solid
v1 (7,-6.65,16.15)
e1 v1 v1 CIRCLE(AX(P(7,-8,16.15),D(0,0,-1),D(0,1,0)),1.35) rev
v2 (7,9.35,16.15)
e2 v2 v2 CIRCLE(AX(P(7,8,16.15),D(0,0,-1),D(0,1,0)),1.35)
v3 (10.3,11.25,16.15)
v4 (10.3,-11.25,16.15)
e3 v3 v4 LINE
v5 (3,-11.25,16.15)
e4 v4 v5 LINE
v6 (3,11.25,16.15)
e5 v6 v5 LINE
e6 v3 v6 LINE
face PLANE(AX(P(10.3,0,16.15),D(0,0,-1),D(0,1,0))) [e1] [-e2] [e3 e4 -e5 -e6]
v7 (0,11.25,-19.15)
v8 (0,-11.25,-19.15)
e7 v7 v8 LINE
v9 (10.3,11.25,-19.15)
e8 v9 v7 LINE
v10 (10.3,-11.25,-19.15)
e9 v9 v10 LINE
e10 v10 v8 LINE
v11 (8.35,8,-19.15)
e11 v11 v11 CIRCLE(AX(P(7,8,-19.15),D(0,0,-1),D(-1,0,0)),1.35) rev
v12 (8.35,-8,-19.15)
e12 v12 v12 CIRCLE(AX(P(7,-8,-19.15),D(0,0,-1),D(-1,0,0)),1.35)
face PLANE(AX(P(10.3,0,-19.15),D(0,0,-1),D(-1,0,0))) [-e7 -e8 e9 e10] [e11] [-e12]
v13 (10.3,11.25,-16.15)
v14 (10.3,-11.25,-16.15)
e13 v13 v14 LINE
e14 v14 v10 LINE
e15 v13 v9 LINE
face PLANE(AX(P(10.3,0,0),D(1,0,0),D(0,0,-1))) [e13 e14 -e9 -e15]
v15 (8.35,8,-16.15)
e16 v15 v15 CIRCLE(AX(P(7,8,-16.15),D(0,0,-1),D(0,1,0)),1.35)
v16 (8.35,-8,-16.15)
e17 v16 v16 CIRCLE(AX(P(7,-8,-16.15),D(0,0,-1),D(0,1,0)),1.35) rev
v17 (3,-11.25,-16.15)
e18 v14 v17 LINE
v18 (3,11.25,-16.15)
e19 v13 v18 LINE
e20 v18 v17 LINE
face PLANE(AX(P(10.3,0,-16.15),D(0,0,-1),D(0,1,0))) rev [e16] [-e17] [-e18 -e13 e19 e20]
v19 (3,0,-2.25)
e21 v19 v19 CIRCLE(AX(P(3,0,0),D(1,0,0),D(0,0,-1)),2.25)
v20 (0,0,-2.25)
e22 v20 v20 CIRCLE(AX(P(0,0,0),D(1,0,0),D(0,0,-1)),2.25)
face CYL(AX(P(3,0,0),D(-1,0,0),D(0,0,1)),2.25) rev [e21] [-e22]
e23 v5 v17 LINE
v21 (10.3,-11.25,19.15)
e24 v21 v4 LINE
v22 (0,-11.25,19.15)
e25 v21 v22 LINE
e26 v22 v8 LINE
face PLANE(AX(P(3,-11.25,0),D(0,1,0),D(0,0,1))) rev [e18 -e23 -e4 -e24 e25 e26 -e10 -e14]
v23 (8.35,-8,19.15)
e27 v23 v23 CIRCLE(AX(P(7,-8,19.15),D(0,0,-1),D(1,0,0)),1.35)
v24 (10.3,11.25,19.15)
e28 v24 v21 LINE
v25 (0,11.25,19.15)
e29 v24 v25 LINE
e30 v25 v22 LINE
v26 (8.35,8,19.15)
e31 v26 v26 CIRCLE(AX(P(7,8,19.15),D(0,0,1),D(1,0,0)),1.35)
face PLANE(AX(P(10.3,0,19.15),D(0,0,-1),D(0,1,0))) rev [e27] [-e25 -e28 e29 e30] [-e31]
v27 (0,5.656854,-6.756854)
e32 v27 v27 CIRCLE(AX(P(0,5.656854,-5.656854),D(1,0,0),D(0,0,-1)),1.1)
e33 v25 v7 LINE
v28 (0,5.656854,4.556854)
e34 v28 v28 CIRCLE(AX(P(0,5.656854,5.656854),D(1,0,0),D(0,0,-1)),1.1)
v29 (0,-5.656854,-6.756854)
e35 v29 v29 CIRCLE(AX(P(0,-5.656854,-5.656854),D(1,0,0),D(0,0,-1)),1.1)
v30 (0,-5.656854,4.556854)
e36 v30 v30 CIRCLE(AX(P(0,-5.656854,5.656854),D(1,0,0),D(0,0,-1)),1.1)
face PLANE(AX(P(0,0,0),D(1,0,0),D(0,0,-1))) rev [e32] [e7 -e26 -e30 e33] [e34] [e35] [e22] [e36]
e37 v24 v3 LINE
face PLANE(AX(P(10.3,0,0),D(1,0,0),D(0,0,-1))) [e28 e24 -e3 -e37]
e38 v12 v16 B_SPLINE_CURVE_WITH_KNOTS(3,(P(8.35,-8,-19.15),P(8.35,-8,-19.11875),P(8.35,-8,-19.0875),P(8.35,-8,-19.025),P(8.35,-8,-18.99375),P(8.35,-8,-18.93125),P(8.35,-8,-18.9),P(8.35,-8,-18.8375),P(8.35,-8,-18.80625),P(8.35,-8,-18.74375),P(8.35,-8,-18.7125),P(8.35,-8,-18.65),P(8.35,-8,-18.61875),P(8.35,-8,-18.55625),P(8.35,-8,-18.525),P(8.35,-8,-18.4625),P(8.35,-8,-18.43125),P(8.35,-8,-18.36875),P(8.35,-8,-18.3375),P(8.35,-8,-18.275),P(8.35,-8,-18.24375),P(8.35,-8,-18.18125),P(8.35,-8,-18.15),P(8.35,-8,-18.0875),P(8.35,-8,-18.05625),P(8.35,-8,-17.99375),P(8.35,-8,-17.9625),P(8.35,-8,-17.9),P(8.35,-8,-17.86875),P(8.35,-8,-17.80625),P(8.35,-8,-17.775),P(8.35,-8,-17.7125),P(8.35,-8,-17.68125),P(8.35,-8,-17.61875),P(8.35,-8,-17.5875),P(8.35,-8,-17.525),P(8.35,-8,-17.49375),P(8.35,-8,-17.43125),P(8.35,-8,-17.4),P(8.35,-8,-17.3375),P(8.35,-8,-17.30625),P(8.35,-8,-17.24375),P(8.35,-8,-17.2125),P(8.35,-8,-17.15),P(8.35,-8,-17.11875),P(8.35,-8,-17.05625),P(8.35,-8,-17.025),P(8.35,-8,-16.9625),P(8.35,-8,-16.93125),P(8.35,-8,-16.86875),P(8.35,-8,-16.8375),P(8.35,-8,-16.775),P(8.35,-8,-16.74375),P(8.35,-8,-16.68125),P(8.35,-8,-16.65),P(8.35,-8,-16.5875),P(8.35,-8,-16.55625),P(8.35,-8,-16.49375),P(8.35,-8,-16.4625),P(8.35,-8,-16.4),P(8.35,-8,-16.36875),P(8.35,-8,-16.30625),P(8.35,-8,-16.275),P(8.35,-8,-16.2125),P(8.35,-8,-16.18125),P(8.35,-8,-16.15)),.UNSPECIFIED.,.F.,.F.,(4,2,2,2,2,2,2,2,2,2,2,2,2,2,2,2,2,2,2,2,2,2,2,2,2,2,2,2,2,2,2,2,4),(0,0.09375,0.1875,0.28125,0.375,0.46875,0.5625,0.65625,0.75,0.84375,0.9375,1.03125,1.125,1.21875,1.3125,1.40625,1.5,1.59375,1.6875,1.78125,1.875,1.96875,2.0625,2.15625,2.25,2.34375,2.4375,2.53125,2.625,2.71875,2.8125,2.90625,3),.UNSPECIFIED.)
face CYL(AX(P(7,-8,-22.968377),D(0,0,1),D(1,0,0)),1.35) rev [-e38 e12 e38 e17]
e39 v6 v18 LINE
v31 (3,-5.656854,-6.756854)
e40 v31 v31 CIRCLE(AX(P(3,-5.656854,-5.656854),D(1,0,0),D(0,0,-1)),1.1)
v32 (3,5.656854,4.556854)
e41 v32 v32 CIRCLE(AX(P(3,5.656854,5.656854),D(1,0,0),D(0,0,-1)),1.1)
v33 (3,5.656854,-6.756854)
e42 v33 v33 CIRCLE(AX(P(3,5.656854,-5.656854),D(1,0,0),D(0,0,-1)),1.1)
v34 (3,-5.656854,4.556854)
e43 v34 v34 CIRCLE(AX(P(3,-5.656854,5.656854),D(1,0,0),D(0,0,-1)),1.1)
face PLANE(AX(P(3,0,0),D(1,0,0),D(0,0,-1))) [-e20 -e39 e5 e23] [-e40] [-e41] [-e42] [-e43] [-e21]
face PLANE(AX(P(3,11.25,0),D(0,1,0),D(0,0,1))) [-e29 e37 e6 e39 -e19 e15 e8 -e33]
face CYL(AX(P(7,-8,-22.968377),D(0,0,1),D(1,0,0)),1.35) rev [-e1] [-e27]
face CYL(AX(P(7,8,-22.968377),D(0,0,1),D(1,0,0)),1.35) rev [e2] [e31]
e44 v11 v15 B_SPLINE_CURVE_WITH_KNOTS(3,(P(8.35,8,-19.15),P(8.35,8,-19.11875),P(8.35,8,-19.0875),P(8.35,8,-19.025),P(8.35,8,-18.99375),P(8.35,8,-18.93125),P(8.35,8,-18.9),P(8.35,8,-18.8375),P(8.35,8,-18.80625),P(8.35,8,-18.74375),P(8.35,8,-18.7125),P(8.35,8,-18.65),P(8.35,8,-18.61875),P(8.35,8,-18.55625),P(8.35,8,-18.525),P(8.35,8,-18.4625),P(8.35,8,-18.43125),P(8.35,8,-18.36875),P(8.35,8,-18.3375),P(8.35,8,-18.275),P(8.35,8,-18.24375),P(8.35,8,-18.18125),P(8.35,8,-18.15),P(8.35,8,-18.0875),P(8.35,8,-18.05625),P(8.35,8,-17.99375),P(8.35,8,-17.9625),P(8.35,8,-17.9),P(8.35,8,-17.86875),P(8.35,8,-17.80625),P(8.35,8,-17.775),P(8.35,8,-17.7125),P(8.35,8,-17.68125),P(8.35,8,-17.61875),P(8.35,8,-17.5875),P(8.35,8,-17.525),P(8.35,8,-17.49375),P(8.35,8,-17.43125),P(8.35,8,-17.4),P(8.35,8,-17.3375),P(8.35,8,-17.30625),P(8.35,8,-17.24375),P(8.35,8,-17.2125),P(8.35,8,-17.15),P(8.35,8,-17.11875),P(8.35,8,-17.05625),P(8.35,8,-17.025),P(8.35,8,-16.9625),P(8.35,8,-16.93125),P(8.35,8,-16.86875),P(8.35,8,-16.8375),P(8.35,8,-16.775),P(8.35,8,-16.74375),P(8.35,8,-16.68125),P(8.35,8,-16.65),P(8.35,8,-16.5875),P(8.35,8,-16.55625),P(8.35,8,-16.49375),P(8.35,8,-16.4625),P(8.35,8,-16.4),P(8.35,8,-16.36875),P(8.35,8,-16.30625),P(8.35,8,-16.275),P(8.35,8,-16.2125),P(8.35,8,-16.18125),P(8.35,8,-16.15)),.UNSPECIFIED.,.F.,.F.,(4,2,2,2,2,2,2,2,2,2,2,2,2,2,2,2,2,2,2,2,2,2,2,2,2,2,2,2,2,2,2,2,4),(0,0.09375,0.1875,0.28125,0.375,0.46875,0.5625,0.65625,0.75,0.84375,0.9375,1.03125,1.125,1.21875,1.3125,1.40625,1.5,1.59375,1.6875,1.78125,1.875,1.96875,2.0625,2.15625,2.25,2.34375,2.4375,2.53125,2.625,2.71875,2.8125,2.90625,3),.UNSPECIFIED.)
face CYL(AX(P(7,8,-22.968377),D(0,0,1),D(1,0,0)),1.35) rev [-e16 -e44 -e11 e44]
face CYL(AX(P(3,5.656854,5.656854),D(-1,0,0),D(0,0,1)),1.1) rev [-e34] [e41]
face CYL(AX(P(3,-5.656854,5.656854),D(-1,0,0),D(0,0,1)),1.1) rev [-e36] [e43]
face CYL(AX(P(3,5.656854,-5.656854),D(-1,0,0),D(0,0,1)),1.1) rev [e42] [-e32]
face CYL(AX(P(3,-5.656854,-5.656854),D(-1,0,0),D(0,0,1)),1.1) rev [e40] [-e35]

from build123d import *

# Parameters (mm, degrees)
SKETCH1_W           = 32.3
SKETCH1_H           = 22.5
SKETCH1_R           = 1.1
SKETCH1_R_2         = 2.25
BOSS_EXTRUDE1_DEPTH = 3
SKETCH1_5_W         = 3
SKETCH1_5_H         = 22.5
BOSS_EXTRUDE5_DEPTH = 10.3
CUT_EXTRUDE1_REACH  = 43.226
SKETCH2_R           = 1.35


with BuildPart() as part:
    # Sketch1 → Boss-Extrude1 (new body)
    with BuildSketch(Plane(origin=(0, 0, 0), x_dir=(0, 0, -1), z_dir=(1, 0, 0))):
        Rectangle(SKETCH1_W, SKETCH1_H)
        with Locations((-5.656854249, -5.656854249)):
            Circle(SKETCH1_R, mode=Mode.SUBTRACT)
        with Locations((5.656854249, -5.656854249)):
            Circle(SKETCH1_R, mode=Mode.SUBTRACT)
        Circle(SKETCH1_R_2, mode=Mode.SUBTRACT)
        with Locations((-5.656854249, 5.656854249)):
            Circle(SKETCH1_R, mode=Mode.SUBTRACT)
        with Locations((5.656854249, 5.656854249)):
            Circle(SKETCH1_R, mode=Mode.SUBTRACT)
    extrude(amount=BOSS_EXTRUDE1_DEPTH)

    # Sketch1<5> → Boss-Extrude5 (add)
    with BuildSketch(Plane(origin=(0, 0, 0), x_dir=(0, 0, -1), z_dir=(1, 0, 0))):
        with Locations((17.65, 0)):
            Rectangle(SKETCH1_5_W, SKETCH1_5_H)
        with Locations((-17.65, 0)):
            Rectangle(SKETCH1_5_W, SKETCH1_5_H)
    extrude(amount=BOSS_EXTRUDE5_DEPTH)

    # Cut-Extrude1: up to this face of the body (flat: up to its plane)
    cut_extrude1_end = Plane(part.part.faces().sort_by_distance((5.15, 0, -19.15))[0])
    # Sketch2 → Cut-Extrude1 (cut, up to the picked face)
    with BuildSketch(Plane.XY.offset(19.15), mode=Mode.PRIVATE) as cut_extrude1_sk1:
        with Locations((7, 8)):
            Circle(SKETCH2_R)
    cut_extrude1_tool1 = split(extrude(cut_extrude1_sk1.sketch, amount=-CUT_EXTRUDE1_REACH, mode=Mode.PRIVATE), bisect_by=cut_extrude1_end, keep=Keep.BOTH, mode=Mode.PRIVATE)
    cut_extrude1 = cut_extrude1_tool1.solids().sort_by(Axis((7, 8, 19.15), (0, 0, -1)))[0]
    add(cut_extrude1, mode=Mode.SUBTRACT)

    # Mirror1: Cut-Extrude1 across plane
    add(cut_extrude1.mirror(Plane.ZX), mode=Mode.SUBTRACT)


solid = part.part
